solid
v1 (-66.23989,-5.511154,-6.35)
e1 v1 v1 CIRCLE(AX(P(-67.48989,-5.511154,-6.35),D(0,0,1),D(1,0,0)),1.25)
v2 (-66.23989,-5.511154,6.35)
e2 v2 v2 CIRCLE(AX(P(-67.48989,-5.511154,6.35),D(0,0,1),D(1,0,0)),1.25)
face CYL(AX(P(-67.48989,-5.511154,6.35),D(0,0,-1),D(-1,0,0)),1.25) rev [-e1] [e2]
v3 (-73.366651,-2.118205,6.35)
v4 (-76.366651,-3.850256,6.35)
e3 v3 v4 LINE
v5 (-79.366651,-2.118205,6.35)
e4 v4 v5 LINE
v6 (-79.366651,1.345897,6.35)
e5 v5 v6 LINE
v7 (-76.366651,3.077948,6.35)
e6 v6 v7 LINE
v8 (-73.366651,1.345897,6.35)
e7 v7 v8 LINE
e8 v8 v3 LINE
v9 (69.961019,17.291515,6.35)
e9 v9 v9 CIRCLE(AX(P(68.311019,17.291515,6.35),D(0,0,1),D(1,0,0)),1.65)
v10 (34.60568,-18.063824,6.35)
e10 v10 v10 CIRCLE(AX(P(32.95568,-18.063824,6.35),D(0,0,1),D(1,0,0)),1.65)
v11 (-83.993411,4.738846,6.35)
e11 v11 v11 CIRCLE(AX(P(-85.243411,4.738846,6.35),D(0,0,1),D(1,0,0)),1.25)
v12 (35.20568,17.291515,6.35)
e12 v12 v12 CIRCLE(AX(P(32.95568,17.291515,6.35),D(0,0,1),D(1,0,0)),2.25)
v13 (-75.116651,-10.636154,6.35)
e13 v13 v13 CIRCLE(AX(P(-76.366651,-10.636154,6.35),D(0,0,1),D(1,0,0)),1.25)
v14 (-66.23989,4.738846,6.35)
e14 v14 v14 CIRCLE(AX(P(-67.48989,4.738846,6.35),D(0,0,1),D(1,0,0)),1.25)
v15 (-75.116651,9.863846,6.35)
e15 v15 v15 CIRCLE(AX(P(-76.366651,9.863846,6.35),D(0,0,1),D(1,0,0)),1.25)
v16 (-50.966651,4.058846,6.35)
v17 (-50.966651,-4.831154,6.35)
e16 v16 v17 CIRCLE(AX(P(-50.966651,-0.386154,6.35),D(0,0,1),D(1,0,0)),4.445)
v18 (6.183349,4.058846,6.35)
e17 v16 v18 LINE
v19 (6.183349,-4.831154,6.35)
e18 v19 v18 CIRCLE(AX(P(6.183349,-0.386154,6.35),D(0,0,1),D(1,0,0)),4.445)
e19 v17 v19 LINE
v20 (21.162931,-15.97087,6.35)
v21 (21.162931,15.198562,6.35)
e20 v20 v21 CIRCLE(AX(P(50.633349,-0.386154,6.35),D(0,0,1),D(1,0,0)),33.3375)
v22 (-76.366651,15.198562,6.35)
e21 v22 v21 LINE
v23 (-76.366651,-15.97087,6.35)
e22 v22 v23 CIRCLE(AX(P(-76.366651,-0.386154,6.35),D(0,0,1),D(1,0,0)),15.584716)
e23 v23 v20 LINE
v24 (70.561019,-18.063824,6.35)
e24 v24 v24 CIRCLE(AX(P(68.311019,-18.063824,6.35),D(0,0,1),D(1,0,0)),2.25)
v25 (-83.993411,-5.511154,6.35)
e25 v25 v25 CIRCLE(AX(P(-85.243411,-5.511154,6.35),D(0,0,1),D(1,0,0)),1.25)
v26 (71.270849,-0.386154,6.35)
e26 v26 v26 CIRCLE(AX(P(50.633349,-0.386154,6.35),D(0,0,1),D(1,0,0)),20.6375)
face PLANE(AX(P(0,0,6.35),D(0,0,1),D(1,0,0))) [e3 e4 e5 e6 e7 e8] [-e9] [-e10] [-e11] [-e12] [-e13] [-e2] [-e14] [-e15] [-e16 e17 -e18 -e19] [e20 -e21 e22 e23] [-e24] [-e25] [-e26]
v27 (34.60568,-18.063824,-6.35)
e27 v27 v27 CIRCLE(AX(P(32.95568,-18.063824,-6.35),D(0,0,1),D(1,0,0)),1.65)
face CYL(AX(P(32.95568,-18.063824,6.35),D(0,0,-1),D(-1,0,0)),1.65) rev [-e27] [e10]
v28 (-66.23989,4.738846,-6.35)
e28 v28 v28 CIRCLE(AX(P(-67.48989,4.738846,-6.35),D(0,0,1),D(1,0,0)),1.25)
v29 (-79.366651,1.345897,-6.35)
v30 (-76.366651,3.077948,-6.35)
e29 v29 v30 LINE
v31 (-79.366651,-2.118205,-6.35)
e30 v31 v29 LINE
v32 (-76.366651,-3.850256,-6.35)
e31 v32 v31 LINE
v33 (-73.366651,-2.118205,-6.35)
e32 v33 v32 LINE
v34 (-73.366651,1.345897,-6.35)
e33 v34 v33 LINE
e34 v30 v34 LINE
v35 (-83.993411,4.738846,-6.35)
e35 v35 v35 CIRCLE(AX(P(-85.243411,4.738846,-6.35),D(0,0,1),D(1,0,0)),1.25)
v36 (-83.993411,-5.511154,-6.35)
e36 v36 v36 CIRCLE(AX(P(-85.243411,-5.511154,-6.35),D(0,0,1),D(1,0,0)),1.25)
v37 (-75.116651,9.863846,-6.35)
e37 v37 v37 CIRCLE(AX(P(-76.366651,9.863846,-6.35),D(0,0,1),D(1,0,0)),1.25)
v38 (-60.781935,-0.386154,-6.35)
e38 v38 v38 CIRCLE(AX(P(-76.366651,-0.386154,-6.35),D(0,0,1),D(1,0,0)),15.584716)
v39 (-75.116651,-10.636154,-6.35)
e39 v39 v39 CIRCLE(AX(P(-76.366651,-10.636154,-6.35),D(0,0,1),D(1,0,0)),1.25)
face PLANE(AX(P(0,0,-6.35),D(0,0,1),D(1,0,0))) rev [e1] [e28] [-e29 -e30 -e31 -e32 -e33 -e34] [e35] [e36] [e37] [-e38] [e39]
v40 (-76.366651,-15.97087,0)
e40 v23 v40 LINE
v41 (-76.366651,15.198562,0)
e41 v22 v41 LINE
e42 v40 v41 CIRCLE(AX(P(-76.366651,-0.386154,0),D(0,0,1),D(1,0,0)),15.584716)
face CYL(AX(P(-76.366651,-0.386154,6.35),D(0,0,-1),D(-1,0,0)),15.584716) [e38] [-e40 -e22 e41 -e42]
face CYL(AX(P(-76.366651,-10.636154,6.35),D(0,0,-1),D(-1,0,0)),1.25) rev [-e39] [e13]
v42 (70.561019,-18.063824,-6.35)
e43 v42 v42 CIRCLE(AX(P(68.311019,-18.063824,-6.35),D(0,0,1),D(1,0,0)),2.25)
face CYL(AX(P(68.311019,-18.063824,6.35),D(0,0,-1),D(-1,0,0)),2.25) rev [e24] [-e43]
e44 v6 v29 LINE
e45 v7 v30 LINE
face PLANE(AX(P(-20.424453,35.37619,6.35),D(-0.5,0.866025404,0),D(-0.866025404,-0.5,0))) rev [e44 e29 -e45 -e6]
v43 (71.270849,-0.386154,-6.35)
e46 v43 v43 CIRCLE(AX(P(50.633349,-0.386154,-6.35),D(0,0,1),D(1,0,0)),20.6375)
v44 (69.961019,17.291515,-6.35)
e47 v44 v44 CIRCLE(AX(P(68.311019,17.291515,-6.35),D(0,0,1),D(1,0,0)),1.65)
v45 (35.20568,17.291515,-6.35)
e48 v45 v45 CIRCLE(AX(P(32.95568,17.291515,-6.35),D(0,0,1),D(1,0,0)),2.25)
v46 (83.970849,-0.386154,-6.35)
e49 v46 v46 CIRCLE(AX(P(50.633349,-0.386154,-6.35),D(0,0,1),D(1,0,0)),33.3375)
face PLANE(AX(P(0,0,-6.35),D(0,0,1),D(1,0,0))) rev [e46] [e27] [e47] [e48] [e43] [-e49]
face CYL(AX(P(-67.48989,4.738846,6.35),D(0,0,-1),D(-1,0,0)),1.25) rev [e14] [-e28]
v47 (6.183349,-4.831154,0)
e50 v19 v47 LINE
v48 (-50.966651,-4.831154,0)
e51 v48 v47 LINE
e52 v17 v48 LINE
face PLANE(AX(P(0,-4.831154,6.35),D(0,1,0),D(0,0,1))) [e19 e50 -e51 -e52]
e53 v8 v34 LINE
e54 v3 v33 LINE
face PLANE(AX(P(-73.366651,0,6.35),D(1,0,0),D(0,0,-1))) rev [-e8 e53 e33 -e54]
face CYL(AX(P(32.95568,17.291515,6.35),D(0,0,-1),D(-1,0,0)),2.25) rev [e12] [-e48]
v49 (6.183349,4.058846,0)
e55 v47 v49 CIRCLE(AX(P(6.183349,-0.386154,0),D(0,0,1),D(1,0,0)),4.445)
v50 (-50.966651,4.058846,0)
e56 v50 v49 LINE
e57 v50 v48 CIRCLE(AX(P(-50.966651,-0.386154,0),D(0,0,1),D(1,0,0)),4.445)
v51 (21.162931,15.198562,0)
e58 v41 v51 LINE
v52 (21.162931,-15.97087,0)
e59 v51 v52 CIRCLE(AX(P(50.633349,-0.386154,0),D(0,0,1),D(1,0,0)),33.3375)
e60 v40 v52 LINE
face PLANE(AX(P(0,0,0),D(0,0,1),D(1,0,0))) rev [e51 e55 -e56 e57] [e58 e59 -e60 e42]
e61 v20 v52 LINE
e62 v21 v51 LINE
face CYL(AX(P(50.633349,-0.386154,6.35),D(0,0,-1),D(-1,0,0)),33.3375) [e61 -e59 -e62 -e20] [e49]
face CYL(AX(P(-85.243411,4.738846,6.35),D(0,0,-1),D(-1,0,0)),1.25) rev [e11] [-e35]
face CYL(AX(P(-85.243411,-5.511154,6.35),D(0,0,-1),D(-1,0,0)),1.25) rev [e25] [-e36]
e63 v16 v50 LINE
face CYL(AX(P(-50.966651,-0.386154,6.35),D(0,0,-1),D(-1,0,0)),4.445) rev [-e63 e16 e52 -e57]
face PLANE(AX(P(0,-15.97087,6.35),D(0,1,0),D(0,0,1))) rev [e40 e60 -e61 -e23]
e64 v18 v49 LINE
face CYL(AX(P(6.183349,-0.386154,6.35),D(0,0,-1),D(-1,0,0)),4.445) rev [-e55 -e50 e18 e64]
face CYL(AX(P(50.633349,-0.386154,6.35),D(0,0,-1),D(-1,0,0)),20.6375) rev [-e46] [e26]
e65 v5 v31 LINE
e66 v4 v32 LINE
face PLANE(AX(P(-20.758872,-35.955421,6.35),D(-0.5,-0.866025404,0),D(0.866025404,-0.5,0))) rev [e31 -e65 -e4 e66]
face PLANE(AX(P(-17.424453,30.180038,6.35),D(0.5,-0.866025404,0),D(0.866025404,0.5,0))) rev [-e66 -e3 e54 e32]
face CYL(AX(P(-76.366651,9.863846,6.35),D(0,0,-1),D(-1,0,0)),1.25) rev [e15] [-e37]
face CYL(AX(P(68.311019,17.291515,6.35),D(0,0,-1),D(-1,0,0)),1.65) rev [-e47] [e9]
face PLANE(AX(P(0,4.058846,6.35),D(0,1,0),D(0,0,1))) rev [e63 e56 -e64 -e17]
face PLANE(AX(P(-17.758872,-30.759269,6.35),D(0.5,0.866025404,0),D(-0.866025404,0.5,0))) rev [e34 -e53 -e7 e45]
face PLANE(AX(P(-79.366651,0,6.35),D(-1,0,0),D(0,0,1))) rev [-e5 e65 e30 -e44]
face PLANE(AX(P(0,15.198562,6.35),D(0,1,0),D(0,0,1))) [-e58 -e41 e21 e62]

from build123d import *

# Parameters (mm, degrees)
SKETCH1_R           = 1.65
SKETCH1_R_2         = 2.25
SKETCH1_R_3         = 20.6375
SKETCH1_R_4         = 1.25
BOSS_EXTRUDE1_DEPTH = 6.35
BOSS_EXTRUDE2_START = -6.35
SKETCH1_3_R         = 15.584715873
SKETCH1_3_R_2       = 1.25
SKETCH1_3_R_3       = 33.3375
SKETCH1_3_R_4       = 1.65
SKETCH1_3_R_5       = 2.25
SKETCH1_3_R_6       = 20.6375
BOSS_EXTRUDE2_DEPTH = 6.35


with BuildPart() as part:
    # Sketch1 → Boss-Extrude1 (new body)
    with BuildSketch(Plane.XY):
        with BuildLine():
            Line((21.162931467, 15.198561829), (-76.366650528, 15.198561829))
            ThreePointArc((-76.366650528, 15.198561829), (-91.951366401, -0.386154045), (-76.366650528, -15.970869918))
            Line((-76.366650528, -15.970869918), (21.162931467, -15.970869918))
            ThreePointArc((21.162931467, -15.970869918), (83.970849472, -0.386154045), (21.162931467, 15.198561829))
        make_face()
        with BuildLine():
            ThreePointArc((-50.966650528, -4.831154045), (-55.411650528, -0.386154045), (-50.966650528, 4.058845955))
            Line((-50.966650528, 4.058845955), (6.183349472, 4.058845955))
            ThreePointArc((6.183349472, 4.058845955), (10.628349472, -0.386154045), (6.183349472, -4.831154045))
            Line((6.183349472, -4.831154045), (-50.966650528, -4.831154045))
        make_face(mode=Mode.SUBTRACT)
        with Locations((68.311019002, 17.291515485)):
            Circle(SKETCH1_R, mode=Mode.SUBTRACT)
        with Locations((32.955679943, -18.063823575)):
            Circle(SKETCH1_R, mode=Mode.SUBTRACT)
        with Locations((68.311019002, -18.063823575)):
            Circle(SKETCH1_R_2, mode=Mode.SUBTRACT)
        with Locations((50.633349472, -0.386154045)):
            Circle(SKETCH1_R_3, mode=Mode.SUBTRACT)
        with Locations((32.955679943, 17.291515485)):
            Circle(SKETCH1_R_2, mode=Mode.SUBTRACT)
        with Locations((-67.489890139, 4.738845955)):
            Circle(SKETCH1_R_4, mode=Mode.SUBTRACT)
        with Locations((-76.366650528, 9.863845955)):
            Circle(SKETCH1_R_4, mode=Mode.SUBTRACT)
        with Locations((-76.366650528, -10.636154045)):
            Circle(SKETCH1_R_4, mode=Mode.SUBTRACT)
        with Locations((-85.243410916, -5.511154045)):
            Circle(SKETCH1_R_4, mode=Mode.SUBTRACT)
        Polygon((-79.366650528, 1.345896763), (-76.366650528, 3.07794757), (-73.366650528, 1.345896763), (-73.366650528, -2.118204852), (-76.366650528, -3.85025566), (-79.366650528, -2.118204852), align=None, mode=Mode.SUBTRACT)
        with Locations((-67.489890139, -5.511154045)):
            Circle(SKETCH1_R_4, mode=Mode.SUBTRACT)
        with Locations((-85.243410916, 4.738845955)):
            Circle(SKETCH1_R_4, mode=Mode.SUBTRACT)
    extrude(amount=BOSS_EXTRUDE1_DEPTH)

    # Sketch1<3> → Boss-Extrude2 (add)
    # profile 1 of 2: a face of its own
    with BuildSketch(Plane.XY.offset(BOSS_EXTRUDE2_START)):
        with Locations((-76.366650528, -0.386154045)):
            Circle(SKETCH1_3_R)
        with Locations((-76.366650528, -10.636154045)):
            Circle(SKETCH1_3_R_2, mode=Mode.SUBTRACT)
        with Locations((-85.243410916, -5.511154045)):
            Circle(SKETCH1_3_R_2, mode=Mode.SUBTRACT)
        Polygon((-79.366650528, 1.345896763), (-76.366650528, 3.07794757), (-73.366650528, 1.345896763), (-73.366650528, -2.118204852), (-76.366650528, -3.85025566), (-79.366650528, -2.118204852), align=None, mode=Mode.SUBTRACT)
        with Locations((-67.489890139, -5.511154045)):
            Circle(SKETCH1_3_R_2, mode=Mode.SUBTRACT)
        with Locations((-85.243410916, 4.738845955)):
            Circle(SKETCH1_3_R_2, mode=Mode.SUBTRACT)
        with Locations((-67.489890139, 4.738845955)):
            Circle(SKETCH1_3_R_2, mode=Mode.SUBTRACT)
        with Locations((-76.366650528, 9.863845955)):
            Circle(SKETCH1_3_R_2, mode=Mode.SUBTRACT)
    # profile 2 of 2: a face of its own
    with BuildSketch(Plane.XY.offset(BOSS_EXTRUDE2_START)):
        with Locations((50.633349472, -0.386154045)):
            Circle(SKETCH1_3_R_3)
        with Locations((32.955679943, -18.063823575)):
            Circle(SKETCH1_3_R_4, mode=Mode.SUBTRACT)
        with Locations((68.311019002, -18.063823575)):
            Circle(SKETCH1_3_R_5, mode=Mode.SUBTRACT)
        with Locations((50.633349472, -0.386154045)):
            Circle(SKETCH1_3_R_6, mode=Mode.SUBTRACT)
        with Locations((32.955679943, 17.291515485)):
            Circle(SKETCH1_3_R_5, mode=Mode.SUBTRACT)
        with Locations((68.311019002, 17.291515485)):
            Circle(SKETCH1_3_R_4, mode=Mode.SUBTRACT)
    extrude(amount=BOSS_EXTRUDE2_DEPTH)


solid = part.part
